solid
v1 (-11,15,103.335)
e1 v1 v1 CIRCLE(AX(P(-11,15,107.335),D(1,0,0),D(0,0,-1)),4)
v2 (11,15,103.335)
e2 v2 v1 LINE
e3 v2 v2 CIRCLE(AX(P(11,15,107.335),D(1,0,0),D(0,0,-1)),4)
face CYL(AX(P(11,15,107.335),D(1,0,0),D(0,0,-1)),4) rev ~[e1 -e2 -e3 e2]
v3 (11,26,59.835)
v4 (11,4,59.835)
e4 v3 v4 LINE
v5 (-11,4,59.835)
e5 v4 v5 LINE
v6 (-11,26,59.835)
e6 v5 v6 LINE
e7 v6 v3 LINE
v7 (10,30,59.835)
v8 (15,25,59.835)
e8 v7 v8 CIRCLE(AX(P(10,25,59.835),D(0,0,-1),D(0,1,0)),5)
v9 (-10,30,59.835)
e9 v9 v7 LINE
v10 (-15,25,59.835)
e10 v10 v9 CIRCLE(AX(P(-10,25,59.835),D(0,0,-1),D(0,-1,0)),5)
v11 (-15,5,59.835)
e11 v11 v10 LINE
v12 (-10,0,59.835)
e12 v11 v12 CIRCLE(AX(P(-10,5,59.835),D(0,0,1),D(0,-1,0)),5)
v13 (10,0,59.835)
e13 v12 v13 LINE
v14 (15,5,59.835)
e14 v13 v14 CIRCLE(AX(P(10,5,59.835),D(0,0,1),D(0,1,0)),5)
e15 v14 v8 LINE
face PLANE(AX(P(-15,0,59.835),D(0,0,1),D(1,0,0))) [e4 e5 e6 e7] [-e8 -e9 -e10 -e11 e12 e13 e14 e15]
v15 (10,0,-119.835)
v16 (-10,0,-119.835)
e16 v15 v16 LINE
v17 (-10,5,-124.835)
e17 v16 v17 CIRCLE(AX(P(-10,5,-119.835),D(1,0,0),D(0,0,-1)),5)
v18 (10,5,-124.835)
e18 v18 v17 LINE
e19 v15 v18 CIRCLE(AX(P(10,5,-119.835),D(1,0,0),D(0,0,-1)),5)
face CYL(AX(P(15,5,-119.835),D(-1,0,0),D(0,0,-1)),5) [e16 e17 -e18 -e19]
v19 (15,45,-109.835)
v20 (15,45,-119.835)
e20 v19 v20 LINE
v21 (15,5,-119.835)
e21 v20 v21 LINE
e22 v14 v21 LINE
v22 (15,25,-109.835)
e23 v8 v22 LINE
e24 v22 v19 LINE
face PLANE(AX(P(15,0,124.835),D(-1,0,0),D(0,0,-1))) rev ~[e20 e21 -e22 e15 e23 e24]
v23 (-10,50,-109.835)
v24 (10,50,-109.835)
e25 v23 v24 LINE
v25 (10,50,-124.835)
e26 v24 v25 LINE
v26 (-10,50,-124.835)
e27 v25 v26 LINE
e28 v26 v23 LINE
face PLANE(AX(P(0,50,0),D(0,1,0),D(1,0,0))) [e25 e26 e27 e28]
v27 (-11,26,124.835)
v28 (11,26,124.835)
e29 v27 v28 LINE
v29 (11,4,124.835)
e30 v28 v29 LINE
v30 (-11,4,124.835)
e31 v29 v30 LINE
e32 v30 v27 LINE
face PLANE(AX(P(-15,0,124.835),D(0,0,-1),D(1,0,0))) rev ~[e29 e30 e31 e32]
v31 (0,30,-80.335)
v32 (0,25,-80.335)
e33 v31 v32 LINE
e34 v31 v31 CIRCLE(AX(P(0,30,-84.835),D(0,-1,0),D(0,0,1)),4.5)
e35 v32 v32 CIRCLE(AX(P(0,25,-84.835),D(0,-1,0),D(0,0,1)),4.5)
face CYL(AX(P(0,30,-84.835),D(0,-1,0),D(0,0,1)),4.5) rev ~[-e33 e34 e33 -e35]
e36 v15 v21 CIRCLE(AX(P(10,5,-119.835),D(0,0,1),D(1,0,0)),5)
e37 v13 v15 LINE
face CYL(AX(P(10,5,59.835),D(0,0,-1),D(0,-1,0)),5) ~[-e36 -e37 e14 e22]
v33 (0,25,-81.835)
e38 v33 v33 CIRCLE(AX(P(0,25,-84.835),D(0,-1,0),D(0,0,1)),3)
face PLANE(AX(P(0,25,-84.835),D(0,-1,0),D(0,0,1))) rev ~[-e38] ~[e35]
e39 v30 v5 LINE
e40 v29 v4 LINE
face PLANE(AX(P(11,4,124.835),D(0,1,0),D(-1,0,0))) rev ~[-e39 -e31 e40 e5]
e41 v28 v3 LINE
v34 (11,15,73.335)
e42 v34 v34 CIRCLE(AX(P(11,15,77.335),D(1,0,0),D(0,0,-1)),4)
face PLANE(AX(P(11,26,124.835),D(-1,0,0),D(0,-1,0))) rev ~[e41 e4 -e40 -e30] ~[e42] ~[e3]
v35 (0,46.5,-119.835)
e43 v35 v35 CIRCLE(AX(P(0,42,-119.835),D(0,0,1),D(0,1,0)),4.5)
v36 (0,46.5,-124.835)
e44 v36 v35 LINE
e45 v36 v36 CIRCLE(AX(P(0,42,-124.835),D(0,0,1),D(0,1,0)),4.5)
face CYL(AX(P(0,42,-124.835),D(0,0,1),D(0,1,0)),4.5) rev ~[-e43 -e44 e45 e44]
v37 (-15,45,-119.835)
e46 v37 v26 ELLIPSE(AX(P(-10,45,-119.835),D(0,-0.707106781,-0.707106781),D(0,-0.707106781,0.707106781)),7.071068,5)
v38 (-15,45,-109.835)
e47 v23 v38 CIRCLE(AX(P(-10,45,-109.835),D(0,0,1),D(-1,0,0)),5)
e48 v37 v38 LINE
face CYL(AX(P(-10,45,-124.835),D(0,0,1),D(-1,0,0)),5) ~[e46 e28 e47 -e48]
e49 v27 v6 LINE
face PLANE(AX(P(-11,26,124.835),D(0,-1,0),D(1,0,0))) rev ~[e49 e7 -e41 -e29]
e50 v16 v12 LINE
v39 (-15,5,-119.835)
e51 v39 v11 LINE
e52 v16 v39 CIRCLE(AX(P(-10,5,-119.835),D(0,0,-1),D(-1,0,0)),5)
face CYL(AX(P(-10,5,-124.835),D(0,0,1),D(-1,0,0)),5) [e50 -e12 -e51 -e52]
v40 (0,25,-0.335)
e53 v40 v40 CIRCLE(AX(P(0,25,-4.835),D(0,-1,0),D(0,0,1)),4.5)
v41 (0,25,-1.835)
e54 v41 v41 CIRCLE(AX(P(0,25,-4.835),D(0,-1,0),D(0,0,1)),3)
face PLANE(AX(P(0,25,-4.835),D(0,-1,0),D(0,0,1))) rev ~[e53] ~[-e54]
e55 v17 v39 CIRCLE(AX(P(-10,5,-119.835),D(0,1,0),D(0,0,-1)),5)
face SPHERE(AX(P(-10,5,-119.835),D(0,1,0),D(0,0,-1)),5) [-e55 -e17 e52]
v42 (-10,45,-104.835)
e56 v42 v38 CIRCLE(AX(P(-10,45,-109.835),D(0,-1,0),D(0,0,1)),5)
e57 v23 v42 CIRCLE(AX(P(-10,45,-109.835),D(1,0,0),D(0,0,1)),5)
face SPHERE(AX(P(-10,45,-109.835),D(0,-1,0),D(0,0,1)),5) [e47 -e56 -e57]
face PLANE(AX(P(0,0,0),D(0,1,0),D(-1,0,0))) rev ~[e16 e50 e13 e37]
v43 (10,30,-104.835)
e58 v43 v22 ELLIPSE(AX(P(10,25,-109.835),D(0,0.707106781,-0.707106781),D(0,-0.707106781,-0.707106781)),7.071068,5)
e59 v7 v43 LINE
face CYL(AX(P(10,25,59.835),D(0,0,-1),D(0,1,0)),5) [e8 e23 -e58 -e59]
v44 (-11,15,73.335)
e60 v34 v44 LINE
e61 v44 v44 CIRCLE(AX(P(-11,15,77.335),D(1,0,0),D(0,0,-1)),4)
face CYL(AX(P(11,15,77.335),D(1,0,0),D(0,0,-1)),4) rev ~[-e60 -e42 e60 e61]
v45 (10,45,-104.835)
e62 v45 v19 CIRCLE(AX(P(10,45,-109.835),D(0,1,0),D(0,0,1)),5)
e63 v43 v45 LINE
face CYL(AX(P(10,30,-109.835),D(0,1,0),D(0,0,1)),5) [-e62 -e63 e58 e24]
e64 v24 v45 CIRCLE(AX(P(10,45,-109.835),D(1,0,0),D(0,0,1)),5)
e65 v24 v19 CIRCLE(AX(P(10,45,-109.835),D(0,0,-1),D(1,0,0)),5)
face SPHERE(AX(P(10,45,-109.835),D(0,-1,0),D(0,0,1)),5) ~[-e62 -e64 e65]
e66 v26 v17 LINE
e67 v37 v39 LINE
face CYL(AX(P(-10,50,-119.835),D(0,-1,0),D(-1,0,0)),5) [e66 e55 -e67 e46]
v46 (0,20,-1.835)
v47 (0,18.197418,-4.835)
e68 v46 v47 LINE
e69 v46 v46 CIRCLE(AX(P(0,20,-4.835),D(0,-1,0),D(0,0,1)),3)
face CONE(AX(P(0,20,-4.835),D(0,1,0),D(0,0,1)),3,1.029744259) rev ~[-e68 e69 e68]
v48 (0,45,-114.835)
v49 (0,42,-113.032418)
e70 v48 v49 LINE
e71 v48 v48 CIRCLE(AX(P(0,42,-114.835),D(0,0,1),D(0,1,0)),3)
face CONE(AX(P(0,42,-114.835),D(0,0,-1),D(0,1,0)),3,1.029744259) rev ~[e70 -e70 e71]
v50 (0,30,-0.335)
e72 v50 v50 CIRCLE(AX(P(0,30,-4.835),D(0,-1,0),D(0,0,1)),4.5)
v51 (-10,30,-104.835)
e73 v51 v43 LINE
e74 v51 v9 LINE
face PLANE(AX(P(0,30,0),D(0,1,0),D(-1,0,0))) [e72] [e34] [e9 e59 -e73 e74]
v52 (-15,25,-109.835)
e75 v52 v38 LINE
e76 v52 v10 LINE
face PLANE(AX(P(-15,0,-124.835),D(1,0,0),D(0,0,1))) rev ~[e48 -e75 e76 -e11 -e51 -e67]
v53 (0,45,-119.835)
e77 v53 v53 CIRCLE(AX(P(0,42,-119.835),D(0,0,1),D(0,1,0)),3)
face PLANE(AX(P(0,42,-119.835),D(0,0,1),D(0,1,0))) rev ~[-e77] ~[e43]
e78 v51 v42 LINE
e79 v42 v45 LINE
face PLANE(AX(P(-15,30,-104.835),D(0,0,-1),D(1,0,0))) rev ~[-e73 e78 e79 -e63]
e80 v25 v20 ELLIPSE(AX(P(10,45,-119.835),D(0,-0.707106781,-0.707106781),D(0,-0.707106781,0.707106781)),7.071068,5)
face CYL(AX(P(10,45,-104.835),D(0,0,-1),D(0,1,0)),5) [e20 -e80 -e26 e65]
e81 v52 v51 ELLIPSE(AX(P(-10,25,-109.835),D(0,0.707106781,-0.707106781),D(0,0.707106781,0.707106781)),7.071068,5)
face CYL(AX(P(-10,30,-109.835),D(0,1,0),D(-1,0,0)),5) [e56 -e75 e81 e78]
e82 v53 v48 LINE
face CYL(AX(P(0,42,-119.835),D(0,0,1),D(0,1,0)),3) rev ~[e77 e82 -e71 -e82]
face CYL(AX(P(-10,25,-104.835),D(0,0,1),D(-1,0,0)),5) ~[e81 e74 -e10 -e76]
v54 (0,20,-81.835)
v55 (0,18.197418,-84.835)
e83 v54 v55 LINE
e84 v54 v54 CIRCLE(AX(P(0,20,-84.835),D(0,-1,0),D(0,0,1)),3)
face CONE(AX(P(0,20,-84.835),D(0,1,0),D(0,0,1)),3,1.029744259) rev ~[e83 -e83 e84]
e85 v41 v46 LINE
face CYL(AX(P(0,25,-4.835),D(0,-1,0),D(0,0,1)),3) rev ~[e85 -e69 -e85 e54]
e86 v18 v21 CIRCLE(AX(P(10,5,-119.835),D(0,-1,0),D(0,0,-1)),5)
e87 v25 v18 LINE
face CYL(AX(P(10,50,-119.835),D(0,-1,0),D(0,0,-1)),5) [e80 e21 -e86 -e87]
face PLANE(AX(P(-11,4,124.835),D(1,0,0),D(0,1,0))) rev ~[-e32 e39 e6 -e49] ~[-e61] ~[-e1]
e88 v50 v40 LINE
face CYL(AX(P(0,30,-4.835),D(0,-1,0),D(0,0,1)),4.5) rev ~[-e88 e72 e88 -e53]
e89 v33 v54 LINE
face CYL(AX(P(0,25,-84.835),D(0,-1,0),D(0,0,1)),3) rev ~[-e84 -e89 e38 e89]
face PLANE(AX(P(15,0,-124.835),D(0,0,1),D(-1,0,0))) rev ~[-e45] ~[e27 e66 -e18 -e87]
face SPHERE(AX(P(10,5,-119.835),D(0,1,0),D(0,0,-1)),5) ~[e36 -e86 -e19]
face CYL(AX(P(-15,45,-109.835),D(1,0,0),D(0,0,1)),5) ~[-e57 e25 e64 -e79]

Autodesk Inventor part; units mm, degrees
ref_plane "YZ Plane" through (0, 0, 0) normal (1, 0, 0) x (0, 1, 0)
ref_plane "XZ Plane" through (0, 0, 0) normal (0, 1, 0) x (-1, 0, 0)
ref_plane "XY Plane" through (0, 0, 0) normal (0, 0, 1) x (1, 0, 0)
sketch "Sketch1" plane through (0, 0, 0) normal (0, 1, 0) x (-1, 0, 0)
  line L0 (15, 124.835) -> (-15, 124.835)
  line L1 (-15, 124.835) -> (-15, -124.835)
  line L2 (-15, -124.835) -> (15, -124.835)
  line L3 (15, -124.835) -> (15, 124.835)
  line L4 (15, 124.835) -> (-15, -124.835) construction
  line L5 (-15, 124.835) -> (15, -124.835) construction
  point P0 (0, 0)
  dimension "d0" = 30
  dimension "d1" = 249.67
extrude "Extrusion1" add sketch "Sketch1" along normal blind 30
sketch "Sketch2" plane through (0, 30, 0) normal (0, 1, 0) x (1, 0, 0)
  line L0 (15, 124.835) -> (-15, 124.835) projected
  line L1 (-15, 124.835) -> (-15, -124.835) projected
  line L2 (15, 124.835) -> (-15, 124.835)
  line L3 (-15, 124.835) -> (-15, 104.835)
  line L4 (-15, 104.835) -> (15, 104.835)
  line L5 (15, 104.835) -> (15, 124.835)
  point P0 (0, 0)
  dimension "d4" = 20
extrude "Extrusion2" add sketch "Sketch2" along normal blind 20
sketch "Sketch3" plane through (-15, 0, 124.835) normal (0, 0, 1) x (1, 0, 0)
  line L0 (0, 0) -> (30, 0) projected
  line L1 (30, 0) -> (30, 30) projected
  line L2 (0, 30) -> (30, 30) projected
  line L3 (0, 0) -> (0, 30) projected
  line L4 (4, 26) -> (26, 26)
  line L5 (26, 26) -> (26, 4)
  line L6 (26, 4) -> (4, 4)
  line L7 (4, 4) -> (4, 26)
  point P0 (15, 0)
  dimension "d7" = 4
extrude "Extrusion3" cut sketch "Sketch3" against normal blind 65
sketch "Sketch4" plane through (15, 0, -124.835) normal (0, 0, -1) x (-1, 0, 0)
  line L0 (0, 50) -> (30, 50) projected
  line L1 (30, 0) -> (30, 50) projected
  point P0 (15, 0)
  point P1 (15, 42)
  dimension "d10" = 8
  dimension "d11" = 15
hole "Hole1" at (0, 42, -124.835) direction (0, 0, 1) diameter 6 depth 10 tip angle 118 counterbore diameter 9 counterbore depth 5
sketch "Sketch5" plane through (11, 4, 124.835) normal (1, 0, 0) x (0, 0, -1)
  circle A0 centre (17.5, 11) radius 4
  circle A1 centre (47.5, 11) radius 4
  line L0 (65, 26) -> (65, -4) projected
  line L1 (0, 0) -> (0, 22) projected
  line L2 (0, 0) -> (65, 0) projected
  point P0 (124.835, -4)
  point P1 (65, 11)
  point P2 (0, 11)
  dimension "d19" = 8
  dimension "d20" = 8
  dimension "d21" = 30
  dimension "d23" = 17.5
extrude "Extrusion4" cut sketch "Sketch5" against normal through all
fillet "Fillet1" radius 5 12 edges at (15, 25, -124.835) (-15, 25, -124.835) (0, 0, -124.835) (15, 0, -32.5) (-15, 0, -32.5) (15, 30, -22.5) (-15, 30, -22.5) (15, 40, -104.835) (-15, 40, -104.835) (0, 50, -104.835) (15, 50, -114.835) (-15, 50, -114.835)
sketch "Sketch6" plane through (0, 30, 0) normal (0, 1, 0) x (1, 0, 0)
  line L0 (-10, 104.835) -> (10, 104.835) projected
  line L1 (-10, -59.835) -> (-10, 104.835) projected
  point P0 (0, 0)
  point P1 (0, 84.835)
  point P2 (0, 4.835)
  dimension "d28" = 20
  dimension "d36" = 100
  dimension "d37" = 10
  dimension "d38" = 10
hole "Hole2" at (0, 30, -4.835) at (0, 30, -84.835) direction (0, -1, 0) diameter 6 depth 10 tip angle 118 counterbore diameter 9 counterbore depth 5
properties part number "L" material "PCTG 20%"
